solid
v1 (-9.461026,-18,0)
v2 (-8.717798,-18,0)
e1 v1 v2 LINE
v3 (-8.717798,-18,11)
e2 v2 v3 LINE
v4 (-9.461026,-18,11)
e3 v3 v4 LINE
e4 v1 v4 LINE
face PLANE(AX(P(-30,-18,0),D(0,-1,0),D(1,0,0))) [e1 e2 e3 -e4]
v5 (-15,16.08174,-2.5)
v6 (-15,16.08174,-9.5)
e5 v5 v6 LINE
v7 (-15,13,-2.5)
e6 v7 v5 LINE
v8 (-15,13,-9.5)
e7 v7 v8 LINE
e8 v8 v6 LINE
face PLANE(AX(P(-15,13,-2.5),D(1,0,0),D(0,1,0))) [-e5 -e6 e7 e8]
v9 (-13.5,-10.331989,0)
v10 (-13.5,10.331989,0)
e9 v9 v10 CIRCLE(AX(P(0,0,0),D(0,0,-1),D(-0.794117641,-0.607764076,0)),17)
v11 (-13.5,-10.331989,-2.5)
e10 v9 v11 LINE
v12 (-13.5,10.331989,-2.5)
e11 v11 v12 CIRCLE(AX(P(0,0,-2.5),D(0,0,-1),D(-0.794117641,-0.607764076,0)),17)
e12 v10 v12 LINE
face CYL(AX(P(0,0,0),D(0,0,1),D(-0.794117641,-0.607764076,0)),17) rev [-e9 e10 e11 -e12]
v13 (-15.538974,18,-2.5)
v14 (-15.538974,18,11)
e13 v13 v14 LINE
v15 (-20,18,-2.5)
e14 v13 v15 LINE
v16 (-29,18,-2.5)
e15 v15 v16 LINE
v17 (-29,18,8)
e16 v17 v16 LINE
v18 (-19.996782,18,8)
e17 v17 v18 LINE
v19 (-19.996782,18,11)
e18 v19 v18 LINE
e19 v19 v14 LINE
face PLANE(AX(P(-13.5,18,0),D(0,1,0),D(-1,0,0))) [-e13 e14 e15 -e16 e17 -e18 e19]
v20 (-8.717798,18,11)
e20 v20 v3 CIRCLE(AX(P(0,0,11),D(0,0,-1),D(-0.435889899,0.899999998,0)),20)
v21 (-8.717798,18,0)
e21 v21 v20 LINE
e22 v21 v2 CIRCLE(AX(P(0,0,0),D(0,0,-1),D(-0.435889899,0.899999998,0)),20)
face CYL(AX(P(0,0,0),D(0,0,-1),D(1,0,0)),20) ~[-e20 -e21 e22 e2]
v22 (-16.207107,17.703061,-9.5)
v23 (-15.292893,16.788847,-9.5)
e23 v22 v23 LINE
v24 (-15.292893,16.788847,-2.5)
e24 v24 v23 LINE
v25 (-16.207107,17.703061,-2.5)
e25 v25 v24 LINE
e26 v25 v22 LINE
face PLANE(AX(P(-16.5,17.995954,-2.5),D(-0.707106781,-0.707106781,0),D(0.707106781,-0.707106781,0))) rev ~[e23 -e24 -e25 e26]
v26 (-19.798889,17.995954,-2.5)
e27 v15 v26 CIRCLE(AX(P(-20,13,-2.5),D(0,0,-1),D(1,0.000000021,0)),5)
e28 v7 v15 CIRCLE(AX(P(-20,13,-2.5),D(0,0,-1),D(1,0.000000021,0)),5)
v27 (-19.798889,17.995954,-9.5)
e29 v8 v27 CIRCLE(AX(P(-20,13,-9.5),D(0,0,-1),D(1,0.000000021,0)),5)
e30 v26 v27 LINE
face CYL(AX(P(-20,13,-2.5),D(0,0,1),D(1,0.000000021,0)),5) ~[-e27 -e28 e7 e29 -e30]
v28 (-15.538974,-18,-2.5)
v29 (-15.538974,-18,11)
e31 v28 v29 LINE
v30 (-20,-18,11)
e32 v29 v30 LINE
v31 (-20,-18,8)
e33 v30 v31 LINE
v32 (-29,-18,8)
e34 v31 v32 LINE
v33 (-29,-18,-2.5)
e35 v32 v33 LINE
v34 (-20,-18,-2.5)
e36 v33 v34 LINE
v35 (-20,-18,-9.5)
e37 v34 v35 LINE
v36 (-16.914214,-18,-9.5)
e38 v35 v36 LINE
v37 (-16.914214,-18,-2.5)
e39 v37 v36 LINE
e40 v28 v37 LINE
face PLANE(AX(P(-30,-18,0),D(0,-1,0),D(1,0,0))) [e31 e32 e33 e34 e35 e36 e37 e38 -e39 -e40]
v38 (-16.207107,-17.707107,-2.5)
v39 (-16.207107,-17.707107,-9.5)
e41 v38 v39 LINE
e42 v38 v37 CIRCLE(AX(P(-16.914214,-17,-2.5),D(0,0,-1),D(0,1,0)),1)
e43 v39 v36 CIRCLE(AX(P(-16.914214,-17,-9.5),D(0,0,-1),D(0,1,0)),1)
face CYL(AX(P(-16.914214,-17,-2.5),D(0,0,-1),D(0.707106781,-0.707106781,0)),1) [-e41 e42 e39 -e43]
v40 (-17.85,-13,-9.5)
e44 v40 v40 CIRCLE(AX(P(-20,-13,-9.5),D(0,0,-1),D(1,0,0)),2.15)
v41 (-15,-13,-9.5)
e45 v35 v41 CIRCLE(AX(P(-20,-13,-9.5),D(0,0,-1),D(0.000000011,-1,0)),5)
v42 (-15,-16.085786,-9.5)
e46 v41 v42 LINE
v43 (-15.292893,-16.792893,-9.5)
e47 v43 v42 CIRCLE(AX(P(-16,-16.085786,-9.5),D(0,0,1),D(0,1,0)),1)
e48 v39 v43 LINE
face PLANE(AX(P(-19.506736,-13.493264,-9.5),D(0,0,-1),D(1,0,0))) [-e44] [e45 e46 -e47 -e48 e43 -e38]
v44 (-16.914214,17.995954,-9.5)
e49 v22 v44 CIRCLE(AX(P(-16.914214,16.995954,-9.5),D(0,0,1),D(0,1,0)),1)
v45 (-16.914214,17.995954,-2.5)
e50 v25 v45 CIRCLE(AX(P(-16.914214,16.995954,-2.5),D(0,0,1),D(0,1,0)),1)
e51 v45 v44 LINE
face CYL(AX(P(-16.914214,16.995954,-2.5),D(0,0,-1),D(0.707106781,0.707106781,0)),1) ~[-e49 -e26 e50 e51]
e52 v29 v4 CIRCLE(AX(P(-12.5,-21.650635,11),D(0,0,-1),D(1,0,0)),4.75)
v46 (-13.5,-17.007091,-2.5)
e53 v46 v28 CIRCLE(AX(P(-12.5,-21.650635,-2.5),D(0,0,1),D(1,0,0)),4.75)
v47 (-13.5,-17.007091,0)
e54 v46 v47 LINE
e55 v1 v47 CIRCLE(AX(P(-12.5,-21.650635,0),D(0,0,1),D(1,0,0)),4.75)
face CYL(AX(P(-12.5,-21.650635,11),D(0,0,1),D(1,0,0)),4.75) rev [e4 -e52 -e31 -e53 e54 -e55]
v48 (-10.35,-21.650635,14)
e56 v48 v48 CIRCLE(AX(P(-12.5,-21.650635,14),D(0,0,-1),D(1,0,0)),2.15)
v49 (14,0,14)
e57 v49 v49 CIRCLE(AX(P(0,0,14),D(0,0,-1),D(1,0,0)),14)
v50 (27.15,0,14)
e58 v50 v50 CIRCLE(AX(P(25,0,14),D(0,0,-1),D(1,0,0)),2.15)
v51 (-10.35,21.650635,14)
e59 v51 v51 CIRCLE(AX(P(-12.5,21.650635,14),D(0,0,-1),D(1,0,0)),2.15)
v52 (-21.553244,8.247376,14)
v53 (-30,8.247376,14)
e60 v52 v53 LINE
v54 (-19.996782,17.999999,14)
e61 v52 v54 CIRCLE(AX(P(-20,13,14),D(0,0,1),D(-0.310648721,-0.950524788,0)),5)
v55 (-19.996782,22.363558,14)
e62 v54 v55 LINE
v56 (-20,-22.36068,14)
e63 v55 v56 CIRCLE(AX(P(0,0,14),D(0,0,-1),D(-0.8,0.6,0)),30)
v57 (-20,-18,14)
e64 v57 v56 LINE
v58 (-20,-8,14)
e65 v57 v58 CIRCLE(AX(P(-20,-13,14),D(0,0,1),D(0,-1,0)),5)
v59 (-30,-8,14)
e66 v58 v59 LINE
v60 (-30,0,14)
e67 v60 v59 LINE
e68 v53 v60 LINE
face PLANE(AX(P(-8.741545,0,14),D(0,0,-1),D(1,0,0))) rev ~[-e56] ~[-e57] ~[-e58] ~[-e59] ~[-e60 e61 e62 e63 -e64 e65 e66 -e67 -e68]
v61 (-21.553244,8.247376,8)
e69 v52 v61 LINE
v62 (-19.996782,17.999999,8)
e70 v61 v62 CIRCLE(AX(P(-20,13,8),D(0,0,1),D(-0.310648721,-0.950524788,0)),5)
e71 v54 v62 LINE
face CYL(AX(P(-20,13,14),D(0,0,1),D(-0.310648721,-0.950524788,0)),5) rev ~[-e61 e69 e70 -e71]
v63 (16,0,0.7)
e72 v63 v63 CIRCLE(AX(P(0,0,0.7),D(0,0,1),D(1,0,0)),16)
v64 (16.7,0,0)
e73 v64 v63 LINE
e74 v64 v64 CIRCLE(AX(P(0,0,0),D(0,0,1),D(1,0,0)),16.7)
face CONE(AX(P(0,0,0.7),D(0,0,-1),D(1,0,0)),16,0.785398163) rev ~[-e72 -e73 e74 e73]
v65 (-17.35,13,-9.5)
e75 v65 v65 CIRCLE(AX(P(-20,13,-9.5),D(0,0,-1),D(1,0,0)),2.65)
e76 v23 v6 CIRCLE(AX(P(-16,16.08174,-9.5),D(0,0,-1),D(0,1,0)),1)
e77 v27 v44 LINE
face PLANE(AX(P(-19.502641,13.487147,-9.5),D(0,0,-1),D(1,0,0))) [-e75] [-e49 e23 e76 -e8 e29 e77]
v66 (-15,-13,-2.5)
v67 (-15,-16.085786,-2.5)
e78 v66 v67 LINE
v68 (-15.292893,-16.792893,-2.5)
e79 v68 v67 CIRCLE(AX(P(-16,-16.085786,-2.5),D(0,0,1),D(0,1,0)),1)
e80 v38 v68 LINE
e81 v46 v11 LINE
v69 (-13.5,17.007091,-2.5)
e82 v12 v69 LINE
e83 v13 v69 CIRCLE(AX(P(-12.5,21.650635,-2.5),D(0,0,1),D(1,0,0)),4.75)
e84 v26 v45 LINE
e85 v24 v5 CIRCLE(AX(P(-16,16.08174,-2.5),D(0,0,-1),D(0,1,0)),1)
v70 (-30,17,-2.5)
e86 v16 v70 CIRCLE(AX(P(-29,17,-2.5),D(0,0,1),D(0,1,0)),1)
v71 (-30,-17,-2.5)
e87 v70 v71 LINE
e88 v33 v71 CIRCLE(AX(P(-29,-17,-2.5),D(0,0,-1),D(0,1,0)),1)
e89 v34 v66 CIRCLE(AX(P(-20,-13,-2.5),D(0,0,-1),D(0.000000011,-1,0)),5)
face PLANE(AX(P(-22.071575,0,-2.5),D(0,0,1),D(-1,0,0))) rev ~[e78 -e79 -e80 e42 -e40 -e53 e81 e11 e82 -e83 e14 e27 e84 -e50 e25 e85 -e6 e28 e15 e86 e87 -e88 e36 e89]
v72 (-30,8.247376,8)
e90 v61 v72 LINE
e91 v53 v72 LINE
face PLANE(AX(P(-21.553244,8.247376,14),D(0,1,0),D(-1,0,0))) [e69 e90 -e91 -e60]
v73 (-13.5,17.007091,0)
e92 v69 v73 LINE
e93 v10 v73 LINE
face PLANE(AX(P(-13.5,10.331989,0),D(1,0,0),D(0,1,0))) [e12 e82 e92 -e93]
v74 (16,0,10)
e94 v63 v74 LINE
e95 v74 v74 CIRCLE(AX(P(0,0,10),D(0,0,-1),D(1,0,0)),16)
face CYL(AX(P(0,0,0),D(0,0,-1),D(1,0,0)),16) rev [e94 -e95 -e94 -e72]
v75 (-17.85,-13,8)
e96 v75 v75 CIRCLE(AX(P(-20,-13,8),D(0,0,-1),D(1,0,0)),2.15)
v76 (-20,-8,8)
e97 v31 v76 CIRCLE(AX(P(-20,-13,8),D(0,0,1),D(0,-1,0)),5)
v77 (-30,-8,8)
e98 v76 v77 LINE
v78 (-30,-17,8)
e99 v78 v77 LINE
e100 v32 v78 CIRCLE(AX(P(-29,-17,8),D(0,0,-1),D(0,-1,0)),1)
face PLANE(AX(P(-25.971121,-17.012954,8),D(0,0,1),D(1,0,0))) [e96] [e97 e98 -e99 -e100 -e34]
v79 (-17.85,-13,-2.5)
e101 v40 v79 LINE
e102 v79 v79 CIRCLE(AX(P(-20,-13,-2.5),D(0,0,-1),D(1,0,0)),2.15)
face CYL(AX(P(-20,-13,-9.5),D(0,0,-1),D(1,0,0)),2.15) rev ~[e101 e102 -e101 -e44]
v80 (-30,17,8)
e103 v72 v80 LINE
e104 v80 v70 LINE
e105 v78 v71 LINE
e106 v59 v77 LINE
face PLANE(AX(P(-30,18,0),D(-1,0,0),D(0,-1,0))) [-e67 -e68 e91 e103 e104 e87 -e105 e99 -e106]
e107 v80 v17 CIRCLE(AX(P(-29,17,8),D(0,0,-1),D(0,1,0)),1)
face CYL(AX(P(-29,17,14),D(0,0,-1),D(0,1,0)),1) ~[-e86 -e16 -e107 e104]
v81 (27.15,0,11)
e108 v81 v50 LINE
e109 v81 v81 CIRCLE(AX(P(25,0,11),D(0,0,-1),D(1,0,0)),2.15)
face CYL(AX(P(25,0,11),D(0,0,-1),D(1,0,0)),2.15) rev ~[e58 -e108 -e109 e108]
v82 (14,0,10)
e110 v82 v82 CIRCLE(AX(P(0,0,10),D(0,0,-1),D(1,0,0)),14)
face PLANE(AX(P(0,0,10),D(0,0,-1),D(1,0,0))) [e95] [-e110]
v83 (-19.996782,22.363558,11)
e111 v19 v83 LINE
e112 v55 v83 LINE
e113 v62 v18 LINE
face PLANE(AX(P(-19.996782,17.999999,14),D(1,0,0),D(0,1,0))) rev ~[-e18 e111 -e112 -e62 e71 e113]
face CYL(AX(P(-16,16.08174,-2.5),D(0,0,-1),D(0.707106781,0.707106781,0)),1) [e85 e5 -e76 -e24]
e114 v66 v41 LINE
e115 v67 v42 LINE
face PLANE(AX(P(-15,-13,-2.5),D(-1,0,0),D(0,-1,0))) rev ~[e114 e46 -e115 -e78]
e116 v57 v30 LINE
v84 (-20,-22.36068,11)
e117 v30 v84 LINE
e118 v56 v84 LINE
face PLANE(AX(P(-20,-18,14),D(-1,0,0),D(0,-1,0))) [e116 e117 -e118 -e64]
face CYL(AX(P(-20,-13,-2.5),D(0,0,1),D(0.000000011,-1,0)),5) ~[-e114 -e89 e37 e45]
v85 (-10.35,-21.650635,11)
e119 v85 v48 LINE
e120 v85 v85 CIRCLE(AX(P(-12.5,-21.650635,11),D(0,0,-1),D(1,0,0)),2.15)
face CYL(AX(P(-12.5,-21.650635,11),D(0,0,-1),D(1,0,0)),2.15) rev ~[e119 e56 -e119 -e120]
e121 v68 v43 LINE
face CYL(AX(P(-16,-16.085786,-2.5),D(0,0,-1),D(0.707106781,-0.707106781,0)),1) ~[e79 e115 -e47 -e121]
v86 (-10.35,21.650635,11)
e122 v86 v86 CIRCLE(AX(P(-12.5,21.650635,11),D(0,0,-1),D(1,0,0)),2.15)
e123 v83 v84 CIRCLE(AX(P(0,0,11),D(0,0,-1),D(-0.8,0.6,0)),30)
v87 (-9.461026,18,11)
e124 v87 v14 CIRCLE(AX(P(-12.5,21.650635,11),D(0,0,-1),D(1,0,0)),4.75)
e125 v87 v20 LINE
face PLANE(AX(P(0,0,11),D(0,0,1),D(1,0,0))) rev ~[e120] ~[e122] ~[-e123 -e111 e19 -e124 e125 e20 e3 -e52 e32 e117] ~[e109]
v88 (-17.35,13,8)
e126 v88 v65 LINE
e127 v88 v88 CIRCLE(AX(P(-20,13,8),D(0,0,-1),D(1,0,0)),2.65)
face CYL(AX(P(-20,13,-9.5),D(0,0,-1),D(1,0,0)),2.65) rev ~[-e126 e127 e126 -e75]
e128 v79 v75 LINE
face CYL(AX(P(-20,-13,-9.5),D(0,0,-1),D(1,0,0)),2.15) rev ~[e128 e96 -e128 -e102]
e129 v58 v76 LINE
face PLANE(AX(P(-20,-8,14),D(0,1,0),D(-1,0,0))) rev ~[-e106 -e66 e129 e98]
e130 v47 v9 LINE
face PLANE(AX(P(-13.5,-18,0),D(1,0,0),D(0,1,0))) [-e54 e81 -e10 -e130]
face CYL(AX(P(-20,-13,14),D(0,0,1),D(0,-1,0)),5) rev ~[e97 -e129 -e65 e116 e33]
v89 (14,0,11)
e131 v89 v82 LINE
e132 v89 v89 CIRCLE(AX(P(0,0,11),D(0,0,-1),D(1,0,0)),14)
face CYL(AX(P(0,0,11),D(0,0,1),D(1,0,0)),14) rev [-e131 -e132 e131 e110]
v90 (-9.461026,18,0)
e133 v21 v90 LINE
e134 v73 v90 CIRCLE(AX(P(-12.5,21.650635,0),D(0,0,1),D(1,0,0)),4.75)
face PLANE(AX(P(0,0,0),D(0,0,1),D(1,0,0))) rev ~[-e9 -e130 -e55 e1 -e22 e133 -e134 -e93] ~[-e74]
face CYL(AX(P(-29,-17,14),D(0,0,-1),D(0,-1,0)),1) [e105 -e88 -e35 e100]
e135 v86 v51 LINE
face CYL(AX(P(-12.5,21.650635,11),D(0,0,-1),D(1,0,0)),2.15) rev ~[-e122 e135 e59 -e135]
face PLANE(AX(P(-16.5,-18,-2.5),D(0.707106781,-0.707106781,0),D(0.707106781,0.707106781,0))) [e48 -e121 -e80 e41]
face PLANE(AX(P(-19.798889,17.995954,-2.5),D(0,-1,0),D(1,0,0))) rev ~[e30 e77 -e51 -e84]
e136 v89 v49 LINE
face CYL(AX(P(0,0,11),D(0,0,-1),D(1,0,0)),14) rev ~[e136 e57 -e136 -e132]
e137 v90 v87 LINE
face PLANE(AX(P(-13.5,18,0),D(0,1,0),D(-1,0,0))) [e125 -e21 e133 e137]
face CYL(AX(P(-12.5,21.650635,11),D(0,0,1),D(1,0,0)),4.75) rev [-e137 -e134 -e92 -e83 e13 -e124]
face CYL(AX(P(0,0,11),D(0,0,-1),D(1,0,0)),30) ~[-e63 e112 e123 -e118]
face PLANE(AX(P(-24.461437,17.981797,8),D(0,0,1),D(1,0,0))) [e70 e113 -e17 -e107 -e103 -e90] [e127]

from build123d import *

# Parameters (mm, degrees)
SKETCH_R        = 20
SKETCH_R_2      = 16
PAD_DEPTH       = 11
SKETCH001_R     = 30
PAD001_DEPTH    = 3
SKETCH002_R     = 16
SKETCH002_R_2   = 14
PAD002_DEPTH    = 1
SKETCH003_R     = 14
POCKET_DEPTH    = 3.001
SKETCH004_R     = 16
PAD003_DEPTH    = 14
PAD004_DEPTH    = 2.5
SKETCH007_R     = 2.15
SKETCH007_R_2   = 2.65
POCKET001_DEPTH = 23.501
SKETCH008_R     = 2.15
POCKET002_DEPTH = 3.001
SKETCH009_R     = 4.75
POCKET003_DEPTH = 13.501
PAD005_DEPTH    = 7
SKETCH011_R     = 2.15
SKETCH011_R_2   = 2.65
POCKET004_DEPTH = 23.501
FILLET_R        = 1
CHAMFER_SIZE    = 0.7
FILLET001_R     = 1
POCKET005_DEPTH = 6


with BuildPart() as part:
    # Sketch → Pad (new body)
    with BuildSketch(Plane.XY):
        Circle(SKETCH_R)
        Circle(SKETCH_R_2, mode=Mode.SUBTRACT)
    extrude(amount=PAD_DEPTH)

    # Sketch001 (on Face4 of Pad) → Pad001 (join)
    with BuildSketch(Plane.XY.offset(11)):
        Circle(SKETCH001_R)
    extrude(amount=PAD001_DEPTH)

    # Sketch002 (on Face7 of Pad001) → Pad002 (join)
    with BuildSketch(Plane(origin=(0, 0, 11), x_dir=(1, 0, 0), z_dir=(0, 0, -1))):
        Circle(SKETCH002_R)
        Circle(SKETCH002_R_2, mode=Mode.SUBTRACT)
    extrude(amount=PAD002_DEPTH)

    # Sketch003 (on Face9 of Pad002) → Pocket (cut, through all)
    with BuildSketch(Plane(origin=(0, 0, 11), x_dir=(1, 0, 0), z_dir=(0, 0, -1))):
        Circle(SKETCH003_R)
    extrude(amount=-POCKET_DEPTH, mode=Mode.SUBTRACT)

    # Sketch004 (on Face6 of Pocket) → Pad003 (join)
    with BuildSketch(Plane(origin=(0, 0, 0), x_dir=(1, 0, 0), z_dir=(0, 0, -1))):
        with BuildLine():
            ThreePointArc((-8.717798, -18), (20, 0), (-8.717798, 18))
            Line((-30, 18), (-8.717798, 18))
            Line((-30, -18), (-30, 18))
            Line((-8.717798, -18), (-30, -18))
        make_face()
        Circle(SKETCH004_R, mode=Mode.SUBTRACT)
    extrude(amount=-PAD003_DEPTH)

    # Sketch005 (on Face9 of Pad003) → Pad004 (join)
    with BuildSketch(Plane(origin=(0, 0, 0), x_dir=(1, 0, 0), z_dir=(0, 0, -1))):
        with BuildLine():
            Line((-30, 18), (-13.5, 18))
            Line((-13.5, 18), (-13.5, 10.331989))
            ThreePointArc((-13.5, 10.331989), (-17, 0), (-13.5, -10.331989))
            Line((-13.5, -10.331989), (-13.5, -18))
            Line((-13.5, -18), (-30, -18))
            Line((-30, -18), (-30, 18))
        make_face()
    extrude(amount=PAD004_DEPTH)

    # Sketch007 → Pocket001 (cut, through all)
    with BuildSketch(Plane(origin=(0, 0, -9.5), x_dir=(1, 0, 0), z_dir=(0, 0, -1))):
        with Locations((-20, 13)):
            Circle(SKETCH007_R)
        with Locations((-20, -13)):
            Circle(SKETCH007_R_2)
    extrude(amount=-POCKET001_DEPTH, mode=Mode.SUBTRACT)

    # Sketch008 (on Face2 of Pocket001) → Pocket002 (cut, through all)
    with BuildSketch(Plane(origin=(0, 0, 11), x_dir=(1, 0, 0), z_dir=(0, 0, -1))):
        with Locations((25, 0)):
            Circle(SKETCH008_R)
        with Locations((-12.5, 21.650635)):
            Circle(SKETCH008_R)
        with Locations((-12.5, -21.650635)):
            Circle(SKETCH008_R)
    extrude(amount=-POCKET002_DEPTH, mode=Mode.SUBTRACT)

    # Sketch009 (on Face2 of Pocket002) → Pocket003 (cut, through all)
    with BuildSketch(Plane(origin=(0, 0, 11), x_dir=(1, 0, 0), z_dir=(0, 0, -1))):
        with Locations((-12.5, -21.650635)):
            Circle(SKETCH009_R)
        with Locations((-12.5, 21.650635)):
            Circle(SKETCH009_R)
    extrude(amount=POCKET003_DEPTH, mode=Mode.SUBTRACT)

    # Sketch010 (on Face30 of Pocket003) → Pad005 (join)
    with BuildSketch(Plane(origin=(0, 0, -2.5), x_dir=(1, 0, 0), z_dir=(0, 0, -1))):
        with BuildLine():
            ThreePointArc((-15, -13), (-23.605937, -9.536299), (-19.798889, -17.995954))
            Line((-19.798889, -17.995954), (-16.5, -17.995954))
            Line((-16.5, -17.995954), (-15, -16.495954))
            Line((-15, -13), (-15, -16.495954))
        make_face()
        with BuildLine():
            ThreePointArc((-20, 18), (-23.535534, 9.464466), (-15, 13))
            Line((-15, 13), (-15, 16.5))
            Line((-16.5, 18), (-15, 16.5))
            Line((-20, 18), (-16.5, 18))
        make_face()
    extrude(amount=PAD005_DEPTH)

    # Sketch011 (on Face49 of Pad005) → Pocket004 (cut, through all)
    with BuildSketch(Plane(origin=(0, 0, -9.5), x_dir=(1, 0, 0), z_dir=(0, 0, -1))):
        with Locations((-20, 13)):
            Circle(SKETCH011_R)
        with Locations((-20, -13)):
            Circle(SKETCH011_R_2)
    extrude(amount=-POCKET004_DEPTH, mode=Mode.SUBTRACT)

    # Fillet
    fillet_edges = [part.edges().sort_by_distance(p)[0] for p in [
        (-16.5, 17.995954, -6),
        (-15, 16.495954, -6),
        (-15, -16.5, -6),
        (-16.5, -18, -6),
    ]]
    fillet(fillet_edges, radius=FILLET_R)

    # Chamfer
    chamfer_edges = [part.edges().sort_by_distance(p)[0] for p in [
        (-16, 0, 0),
    ]]
    chamfer(chamfer_edges, length=CHAMFER_SIZE)

    # Fillet001
    fillet001_edges = [part.edges().sort_by_distance(p)[0] for p in [
        (-30, 18, 7),
        (-30, 18, -1.25),
        (-30, -18, -1.25),
        (-30, -18, 7),
    ]]
    fillet(fillet001_edges, radius=FILLET001_R)

    # Sketch012 (on Face50 of Fillet001) → Pocket005 (cut)
    with BuildSketch(Plane.XY.offset(14)):
        with BuildLine():
            ThreePointArc((-21.553244, 8.247376), (-15.062485, 12.212001), (-19.996782, 17.999999))
            Line((-19.996782, 17.999999), (-19.996782, 34.276657))
            Line((-19.996782, 34.276657), (-36.551773, 8.247376))
            Line((-21.553244, 8.247376), (-36.551773, 8.247376))
        make_face()
        with BuildLine():
            ThreePointArc((-20, -18), (-15, -13), (-20, -8))
            Line((-20, -8), (-40.401188, -8))
            Line((-20, -33.121502), (-40.401188, -8))
            Line((-20, -18), (-20, -33.121502))
        make_face()
    extrude(amount=-POCKET005_DEPTH, mode=Mode.SUBTRACT)


solid = part.part
